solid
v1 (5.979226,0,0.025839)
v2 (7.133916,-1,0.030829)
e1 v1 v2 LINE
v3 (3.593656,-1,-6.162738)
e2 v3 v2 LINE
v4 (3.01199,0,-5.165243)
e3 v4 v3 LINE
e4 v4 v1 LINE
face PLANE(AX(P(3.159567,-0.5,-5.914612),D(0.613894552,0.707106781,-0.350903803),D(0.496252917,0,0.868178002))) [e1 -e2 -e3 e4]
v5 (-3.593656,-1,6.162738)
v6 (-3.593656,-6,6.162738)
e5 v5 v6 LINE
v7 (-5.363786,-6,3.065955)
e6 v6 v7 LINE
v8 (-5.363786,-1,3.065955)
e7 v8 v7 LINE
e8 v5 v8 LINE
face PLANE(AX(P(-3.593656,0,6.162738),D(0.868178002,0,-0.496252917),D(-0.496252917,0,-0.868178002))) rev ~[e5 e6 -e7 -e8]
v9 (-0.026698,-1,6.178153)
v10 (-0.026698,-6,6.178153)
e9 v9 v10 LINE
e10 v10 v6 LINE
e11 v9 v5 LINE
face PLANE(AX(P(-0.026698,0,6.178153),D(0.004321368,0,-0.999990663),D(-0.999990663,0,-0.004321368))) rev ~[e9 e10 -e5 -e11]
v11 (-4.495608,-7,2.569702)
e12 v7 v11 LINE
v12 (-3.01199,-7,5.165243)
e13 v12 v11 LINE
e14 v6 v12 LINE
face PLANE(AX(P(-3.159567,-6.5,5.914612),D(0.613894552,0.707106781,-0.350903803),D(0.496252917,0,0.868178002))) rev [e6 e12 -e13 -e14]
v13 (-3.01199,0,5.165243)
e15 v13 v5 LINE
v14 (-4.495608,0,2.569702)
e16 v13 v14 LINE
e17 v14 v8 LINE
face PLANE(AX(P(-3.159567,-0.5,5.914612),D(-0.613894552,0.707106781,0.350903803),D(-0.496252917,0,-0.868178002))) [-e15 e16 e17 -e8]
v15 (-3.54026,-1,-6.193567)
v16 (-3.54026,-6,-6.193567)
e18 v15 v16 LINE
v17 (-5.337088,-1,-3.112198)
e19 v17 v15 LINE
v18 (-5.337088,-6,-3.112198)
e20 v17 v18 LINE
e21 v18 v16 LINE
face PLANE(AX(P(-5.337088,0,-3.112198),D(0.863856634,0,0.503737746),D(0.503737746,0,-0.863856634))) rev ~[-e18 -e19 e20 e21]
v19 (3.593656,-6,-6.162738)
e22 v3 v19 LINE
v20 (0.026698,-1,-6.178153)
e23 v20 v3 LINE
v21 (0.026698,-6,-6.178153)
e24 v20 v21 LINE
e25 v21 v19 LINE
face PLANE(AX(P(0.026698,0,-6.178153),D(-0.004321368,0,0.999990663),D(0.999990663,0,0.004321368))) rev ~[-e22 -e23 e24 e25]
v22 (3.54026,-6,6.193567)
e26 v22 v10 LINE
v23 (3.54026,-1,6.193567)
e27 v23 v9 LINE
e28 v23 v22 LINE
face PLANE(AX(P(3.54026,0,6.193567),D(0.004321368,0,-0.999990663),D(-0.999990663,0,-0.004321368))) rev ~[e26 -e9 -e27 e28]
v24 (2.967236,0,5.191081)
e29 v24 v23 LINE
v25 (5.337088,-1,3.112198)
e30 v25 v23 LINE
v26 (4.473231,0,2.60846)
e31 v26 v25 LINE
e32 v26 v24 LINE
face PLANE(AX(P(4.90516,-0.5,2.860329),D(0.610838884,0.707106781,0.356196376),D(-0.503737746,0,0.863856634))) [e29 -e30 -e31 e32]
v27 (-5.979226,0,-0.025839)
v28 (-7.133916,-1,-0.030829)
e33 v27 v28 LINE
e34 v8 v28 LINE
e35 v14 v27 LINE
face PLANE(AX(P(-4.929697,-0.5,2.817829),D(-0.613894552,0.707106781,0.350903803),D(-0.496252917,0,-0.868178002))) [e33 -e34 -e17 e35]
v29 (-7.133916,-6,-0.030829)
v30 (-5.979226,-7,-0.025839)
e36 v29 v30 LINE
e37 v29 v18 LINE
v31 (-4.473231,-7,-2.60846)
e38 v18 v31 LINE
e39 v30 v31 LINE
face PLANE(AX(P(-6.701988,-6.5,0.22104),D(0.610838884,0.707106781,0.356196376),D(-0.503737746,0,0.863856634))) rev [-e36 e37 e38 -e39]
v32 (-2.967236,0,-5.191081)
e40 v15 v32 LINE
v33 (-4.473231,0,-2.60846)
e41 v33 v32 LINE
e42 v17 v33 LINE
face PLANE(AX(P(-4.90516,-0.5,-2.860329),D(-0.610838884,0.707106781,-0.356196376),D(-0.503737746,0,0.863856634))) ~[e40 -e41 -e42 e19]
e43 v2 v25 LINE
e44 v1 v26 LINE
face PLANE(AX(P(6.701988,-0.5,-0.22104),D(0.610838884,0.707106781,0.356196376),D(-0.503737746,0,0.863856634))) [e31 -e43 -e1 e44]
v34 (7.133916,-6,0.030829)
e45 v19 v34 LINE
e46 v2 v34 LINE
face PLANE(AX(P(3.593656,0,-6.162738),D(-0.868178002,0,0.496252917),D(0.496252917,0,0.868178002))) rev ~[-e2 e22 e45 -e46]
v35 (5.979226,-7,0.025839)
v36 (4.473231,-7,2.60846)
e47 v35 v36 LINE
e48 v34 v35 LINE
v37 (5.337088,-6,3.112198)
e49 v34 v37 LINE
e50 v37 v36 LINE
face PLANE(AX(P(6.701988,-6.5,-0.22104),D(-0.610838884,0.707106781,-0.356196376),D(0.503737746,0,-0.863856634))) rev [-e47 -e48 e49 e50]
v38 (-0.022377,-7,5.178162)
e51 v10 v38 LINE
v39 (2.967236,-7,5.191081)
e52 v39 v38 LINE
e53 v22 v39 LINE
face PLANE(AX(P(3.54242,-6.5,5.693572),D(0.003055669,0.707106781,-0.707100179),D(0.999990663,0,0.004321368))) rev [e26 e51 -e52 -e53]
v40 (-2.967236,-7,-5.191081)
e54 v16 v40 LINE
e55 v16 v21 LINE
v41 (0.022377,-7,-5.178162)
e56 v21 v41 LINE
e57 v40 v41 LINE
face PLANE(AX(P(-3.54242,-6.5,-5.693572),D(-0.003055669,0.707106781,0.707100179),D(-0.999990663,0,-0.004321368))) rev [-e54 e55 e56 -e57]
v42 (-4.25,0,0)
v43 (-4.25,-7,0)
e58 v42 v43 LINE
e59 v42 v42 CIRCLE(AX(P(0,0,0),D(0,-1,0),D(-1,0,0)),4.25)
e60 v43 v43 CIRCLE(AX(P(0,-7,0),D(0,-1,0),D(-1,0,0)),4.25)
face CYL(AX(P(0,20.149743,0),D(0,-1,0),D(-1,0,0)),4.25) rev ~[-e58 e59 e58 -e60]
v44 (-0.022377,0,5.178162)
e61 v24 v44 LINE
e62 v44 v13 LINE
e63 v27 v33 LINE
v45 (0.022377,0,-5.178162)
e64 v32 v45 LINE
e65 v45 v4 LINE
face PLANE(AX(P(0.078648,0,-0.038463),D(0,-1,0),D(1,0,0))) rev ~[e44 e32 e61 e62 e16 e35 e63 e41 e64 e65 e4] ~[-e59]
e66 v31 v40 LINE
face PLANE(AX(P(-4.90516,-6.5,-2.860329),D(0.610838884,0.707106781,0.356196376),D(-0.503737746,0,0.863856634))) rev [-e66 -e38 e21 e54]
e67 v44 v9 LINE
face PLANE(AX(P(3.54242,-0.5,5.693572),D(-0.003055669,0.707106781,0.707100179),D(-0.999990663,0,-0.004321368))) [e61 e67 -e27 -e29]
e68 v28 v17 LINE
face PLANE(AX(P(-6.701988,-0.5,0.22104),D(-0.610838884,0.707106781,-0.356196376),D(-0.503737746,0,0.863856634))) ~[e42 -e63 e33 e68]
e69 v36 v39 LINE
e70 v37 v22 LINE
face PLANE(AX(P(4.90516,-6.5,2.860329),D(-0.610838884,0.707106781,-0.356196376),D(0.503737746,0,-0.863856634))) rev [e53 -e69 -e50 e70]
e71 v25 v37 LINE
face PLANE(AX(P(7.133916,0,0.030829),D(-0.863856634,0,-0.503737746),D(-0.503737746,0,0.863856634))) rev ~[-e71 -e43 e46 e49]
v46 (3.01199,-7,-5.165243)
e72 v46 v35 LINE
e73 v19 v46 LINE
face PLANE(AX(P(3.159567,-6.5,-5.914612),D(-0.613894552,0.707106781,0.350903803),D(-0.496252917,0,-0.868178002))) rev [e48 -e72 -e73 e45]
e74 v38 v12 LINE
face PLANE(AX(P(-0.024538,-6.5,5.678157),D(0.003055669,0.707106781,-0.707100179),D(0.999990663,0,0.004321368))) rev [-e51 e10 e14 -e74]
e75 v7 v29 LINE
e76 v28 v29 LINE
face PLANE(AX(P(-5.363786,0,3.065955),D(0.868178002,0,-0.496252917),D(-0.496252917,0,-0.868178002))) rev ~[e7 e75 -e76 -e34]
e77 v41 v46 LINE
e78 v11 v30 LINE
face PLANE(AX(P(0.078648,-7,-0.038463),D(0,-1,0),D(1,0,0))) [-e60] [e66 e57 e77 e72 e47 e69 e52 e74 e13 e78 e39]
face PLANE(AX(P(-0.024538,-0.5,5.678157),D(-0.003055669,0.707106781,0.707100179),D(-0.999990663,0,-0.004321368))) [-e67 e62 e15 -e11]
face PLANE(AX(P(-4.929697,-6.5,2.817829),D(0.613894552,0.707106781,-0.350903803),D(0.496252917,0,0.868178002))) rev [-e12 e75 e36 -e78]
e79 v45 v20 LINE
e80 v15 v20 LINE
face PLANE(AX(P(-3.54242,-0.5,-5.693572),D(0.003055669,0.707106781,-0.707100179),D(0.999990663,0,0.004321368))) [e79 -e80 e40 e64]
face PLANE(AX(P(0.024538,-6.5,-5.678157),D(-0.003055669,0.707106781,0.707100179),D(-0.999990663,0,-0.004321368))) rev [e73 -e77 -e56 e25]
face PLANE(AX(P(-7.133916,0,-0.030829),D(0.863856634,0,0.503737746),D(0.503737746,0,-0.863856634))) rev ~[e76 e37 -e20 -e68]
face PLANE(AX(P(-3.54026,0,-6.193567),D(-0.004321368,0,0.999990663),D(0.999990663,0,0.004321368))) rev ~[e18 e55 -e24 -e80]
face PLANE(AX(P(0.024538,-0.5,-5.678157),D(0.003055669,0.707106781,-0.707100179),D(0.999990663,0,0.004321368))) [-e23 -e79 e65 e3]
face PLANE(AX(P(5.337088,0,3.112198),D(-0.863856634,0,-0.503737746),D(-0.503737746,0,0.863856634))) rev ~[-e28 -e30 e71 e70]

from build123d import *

# Parameters (mm, degrees)
F1_DEPTH = 7
F2_SIZE  = 1
F3_SIZE  = 1
F4_D     = 8.5


with BuildPart() as f1:
    # F0 (on Front) → F1 (new body)
    with BuildSketch(Plane.XZ):
        with BuildLine():
            ThreePointArc((5.3637862302, -3.0659549776), (5.9711339811, -1.5861404815), (6.178210311, 0))
            ThreePointArc((6.178210311, 0), (5.9642239682, 1.6119290011), (5.3370880527, 3.1121975781))
            ThreePointArc((5.3370880527, 3.1121975781), (3.0659549821, 5.3637862276), (-0.0266982871, 6.1781526243))
            ThreePointArc((-0.0266982871, 6.1781526243), (-3.1121976822, 5.337087992), (-5.3637862362, 3.065954967))
            ThreePointArc((-5.3637862362, 3.065954967), (-6.1781526243, -0.0266982826), (-5.3370879532, -3.1121977488))
            ThreePointArc((-5.3370879532, -3.1121977488), (-3.0659548546, -5.3637863004), (0.026698383, -6.1781526239))
            ThreePointArc((0.026698383, -6.1781526239), (3.1121977184, -5.3370879709), (5.3637862302, -3.0659549776))
        make_face()
        with BuildLine():
            ThreePointArc((5.3370880527, 3.1121975781), (5.9642239682, 1.6119290011), (6.178210311, 0))
            ThreePointArc((6.178210311, 0), (5.9711339811, -1.5861404815), (5.3637862302, -3.0659549776))
            Line((5.3637862302, -3.0659549776), (7.1339161613, 0.0308285647))
            Line((7.1339161613, 0.0308285647), (5.3370880527, 3.1121975781))
        make_face()
        with BuildLine():
            ThreePointArc((-0.0266982871, 6.1781526243), (3.0659549821, 5.3637862276), (5.3370880527, 3.1121975781))
            Line((5.3370880527, 3.1121975781), (3.5402597604, 6.1935669065))
            Line((3.5402597604, 6.1935669065), (-0.0266982871, 6.1781526243))
        make_face()
        with BuildLine():
            Line((3.5936564009, -6.1627383418), (5.3637862302, -3.0659549776))
            ThreePointArc((5.3637862302, -3.0659549776), (3.1121977184, -5.3370879709), (0.026698383, -6.1781526239))
            Line((0.026698383, -6.1781526239), (3.5936564009, -6.1627383418))
        make_face()
        with BuildLine():
            ThreePointArc((-5.3637862362, 3.065954967), (-3.1121976822, 5.337087992), (-0.0266982871, 6.1781526243))
            Line((-0.0266982871, 6.1781526243), (-3.5936564009, 6.1627383418))
            Line((-3.5936564009, 6.1627383418), (-5.3637862362, 3.065954967))
        make_face()
        with BuildLine():
            Line((-3.5402597604, -6.1935669065), (0.026698383, -6.1781526239))
            ThreePointArc((0.026698383, -6.1781526239), (-3.0659548546, -5.3637863004), (-5.3370879532, -3.1121977488))
            Line((-5.3370879532, -3.1121977488), (-3.5402597604, -6.1935669065))
        make_face()
        with BuildLine():
            ThreePointArc((-5.3370879532, -3.1121977488), (-6.1781526243, -0.0266982826), (-5.3637862362, 3.065954967))
            Line((-5.3637862362, 3.065954967), (-7.1339161613, -0.0308285647))
            Line((-7.1339161613, -0.0308285647), (-5.3370879532, -3.1121977488))
        make_face()
    extrude(amount=F1_DEPTH)

    # F2
    f2_edges = [f1.edges().sort_by_distance(p)[0] for p in [
        (-5.363786, -7, 3.065955),
        (-0.026698, -7, 6.178153),
        (5.337088, -7, 3.112198),
        (5.363786, -7, -3.065955),
        (0.026698, -7, -6.178153),
        (-5.337088, -7, -3.112198),
    ]]
    chamfer(f2_edges, length=F2_SIZE)

    # F3
    f3_edges = [f1.edges().sort_by_distance(p)[0] for p in [
        (5.337088, 0, 3.112198),
        (-0.026698, 0, 6.178153),
        (-5.363786, 0, 3.065955),
        (-5.337088, 0, -3.112198),
        (0.026698, 0, -6.178153),
        (5.363786, 0, -3.065955),
    ]]
    chamfer(f3_edges, length=F3_SIZE)

    # F4 (through all)
    with Locations(Plane(origin=(0, 0, 0), x_dir=(1, 0, 0), z_dir=(0, 1, 0))):
        with Locations((0, 0)):
            Hole(F4_D / 2)


solid = f1.part
